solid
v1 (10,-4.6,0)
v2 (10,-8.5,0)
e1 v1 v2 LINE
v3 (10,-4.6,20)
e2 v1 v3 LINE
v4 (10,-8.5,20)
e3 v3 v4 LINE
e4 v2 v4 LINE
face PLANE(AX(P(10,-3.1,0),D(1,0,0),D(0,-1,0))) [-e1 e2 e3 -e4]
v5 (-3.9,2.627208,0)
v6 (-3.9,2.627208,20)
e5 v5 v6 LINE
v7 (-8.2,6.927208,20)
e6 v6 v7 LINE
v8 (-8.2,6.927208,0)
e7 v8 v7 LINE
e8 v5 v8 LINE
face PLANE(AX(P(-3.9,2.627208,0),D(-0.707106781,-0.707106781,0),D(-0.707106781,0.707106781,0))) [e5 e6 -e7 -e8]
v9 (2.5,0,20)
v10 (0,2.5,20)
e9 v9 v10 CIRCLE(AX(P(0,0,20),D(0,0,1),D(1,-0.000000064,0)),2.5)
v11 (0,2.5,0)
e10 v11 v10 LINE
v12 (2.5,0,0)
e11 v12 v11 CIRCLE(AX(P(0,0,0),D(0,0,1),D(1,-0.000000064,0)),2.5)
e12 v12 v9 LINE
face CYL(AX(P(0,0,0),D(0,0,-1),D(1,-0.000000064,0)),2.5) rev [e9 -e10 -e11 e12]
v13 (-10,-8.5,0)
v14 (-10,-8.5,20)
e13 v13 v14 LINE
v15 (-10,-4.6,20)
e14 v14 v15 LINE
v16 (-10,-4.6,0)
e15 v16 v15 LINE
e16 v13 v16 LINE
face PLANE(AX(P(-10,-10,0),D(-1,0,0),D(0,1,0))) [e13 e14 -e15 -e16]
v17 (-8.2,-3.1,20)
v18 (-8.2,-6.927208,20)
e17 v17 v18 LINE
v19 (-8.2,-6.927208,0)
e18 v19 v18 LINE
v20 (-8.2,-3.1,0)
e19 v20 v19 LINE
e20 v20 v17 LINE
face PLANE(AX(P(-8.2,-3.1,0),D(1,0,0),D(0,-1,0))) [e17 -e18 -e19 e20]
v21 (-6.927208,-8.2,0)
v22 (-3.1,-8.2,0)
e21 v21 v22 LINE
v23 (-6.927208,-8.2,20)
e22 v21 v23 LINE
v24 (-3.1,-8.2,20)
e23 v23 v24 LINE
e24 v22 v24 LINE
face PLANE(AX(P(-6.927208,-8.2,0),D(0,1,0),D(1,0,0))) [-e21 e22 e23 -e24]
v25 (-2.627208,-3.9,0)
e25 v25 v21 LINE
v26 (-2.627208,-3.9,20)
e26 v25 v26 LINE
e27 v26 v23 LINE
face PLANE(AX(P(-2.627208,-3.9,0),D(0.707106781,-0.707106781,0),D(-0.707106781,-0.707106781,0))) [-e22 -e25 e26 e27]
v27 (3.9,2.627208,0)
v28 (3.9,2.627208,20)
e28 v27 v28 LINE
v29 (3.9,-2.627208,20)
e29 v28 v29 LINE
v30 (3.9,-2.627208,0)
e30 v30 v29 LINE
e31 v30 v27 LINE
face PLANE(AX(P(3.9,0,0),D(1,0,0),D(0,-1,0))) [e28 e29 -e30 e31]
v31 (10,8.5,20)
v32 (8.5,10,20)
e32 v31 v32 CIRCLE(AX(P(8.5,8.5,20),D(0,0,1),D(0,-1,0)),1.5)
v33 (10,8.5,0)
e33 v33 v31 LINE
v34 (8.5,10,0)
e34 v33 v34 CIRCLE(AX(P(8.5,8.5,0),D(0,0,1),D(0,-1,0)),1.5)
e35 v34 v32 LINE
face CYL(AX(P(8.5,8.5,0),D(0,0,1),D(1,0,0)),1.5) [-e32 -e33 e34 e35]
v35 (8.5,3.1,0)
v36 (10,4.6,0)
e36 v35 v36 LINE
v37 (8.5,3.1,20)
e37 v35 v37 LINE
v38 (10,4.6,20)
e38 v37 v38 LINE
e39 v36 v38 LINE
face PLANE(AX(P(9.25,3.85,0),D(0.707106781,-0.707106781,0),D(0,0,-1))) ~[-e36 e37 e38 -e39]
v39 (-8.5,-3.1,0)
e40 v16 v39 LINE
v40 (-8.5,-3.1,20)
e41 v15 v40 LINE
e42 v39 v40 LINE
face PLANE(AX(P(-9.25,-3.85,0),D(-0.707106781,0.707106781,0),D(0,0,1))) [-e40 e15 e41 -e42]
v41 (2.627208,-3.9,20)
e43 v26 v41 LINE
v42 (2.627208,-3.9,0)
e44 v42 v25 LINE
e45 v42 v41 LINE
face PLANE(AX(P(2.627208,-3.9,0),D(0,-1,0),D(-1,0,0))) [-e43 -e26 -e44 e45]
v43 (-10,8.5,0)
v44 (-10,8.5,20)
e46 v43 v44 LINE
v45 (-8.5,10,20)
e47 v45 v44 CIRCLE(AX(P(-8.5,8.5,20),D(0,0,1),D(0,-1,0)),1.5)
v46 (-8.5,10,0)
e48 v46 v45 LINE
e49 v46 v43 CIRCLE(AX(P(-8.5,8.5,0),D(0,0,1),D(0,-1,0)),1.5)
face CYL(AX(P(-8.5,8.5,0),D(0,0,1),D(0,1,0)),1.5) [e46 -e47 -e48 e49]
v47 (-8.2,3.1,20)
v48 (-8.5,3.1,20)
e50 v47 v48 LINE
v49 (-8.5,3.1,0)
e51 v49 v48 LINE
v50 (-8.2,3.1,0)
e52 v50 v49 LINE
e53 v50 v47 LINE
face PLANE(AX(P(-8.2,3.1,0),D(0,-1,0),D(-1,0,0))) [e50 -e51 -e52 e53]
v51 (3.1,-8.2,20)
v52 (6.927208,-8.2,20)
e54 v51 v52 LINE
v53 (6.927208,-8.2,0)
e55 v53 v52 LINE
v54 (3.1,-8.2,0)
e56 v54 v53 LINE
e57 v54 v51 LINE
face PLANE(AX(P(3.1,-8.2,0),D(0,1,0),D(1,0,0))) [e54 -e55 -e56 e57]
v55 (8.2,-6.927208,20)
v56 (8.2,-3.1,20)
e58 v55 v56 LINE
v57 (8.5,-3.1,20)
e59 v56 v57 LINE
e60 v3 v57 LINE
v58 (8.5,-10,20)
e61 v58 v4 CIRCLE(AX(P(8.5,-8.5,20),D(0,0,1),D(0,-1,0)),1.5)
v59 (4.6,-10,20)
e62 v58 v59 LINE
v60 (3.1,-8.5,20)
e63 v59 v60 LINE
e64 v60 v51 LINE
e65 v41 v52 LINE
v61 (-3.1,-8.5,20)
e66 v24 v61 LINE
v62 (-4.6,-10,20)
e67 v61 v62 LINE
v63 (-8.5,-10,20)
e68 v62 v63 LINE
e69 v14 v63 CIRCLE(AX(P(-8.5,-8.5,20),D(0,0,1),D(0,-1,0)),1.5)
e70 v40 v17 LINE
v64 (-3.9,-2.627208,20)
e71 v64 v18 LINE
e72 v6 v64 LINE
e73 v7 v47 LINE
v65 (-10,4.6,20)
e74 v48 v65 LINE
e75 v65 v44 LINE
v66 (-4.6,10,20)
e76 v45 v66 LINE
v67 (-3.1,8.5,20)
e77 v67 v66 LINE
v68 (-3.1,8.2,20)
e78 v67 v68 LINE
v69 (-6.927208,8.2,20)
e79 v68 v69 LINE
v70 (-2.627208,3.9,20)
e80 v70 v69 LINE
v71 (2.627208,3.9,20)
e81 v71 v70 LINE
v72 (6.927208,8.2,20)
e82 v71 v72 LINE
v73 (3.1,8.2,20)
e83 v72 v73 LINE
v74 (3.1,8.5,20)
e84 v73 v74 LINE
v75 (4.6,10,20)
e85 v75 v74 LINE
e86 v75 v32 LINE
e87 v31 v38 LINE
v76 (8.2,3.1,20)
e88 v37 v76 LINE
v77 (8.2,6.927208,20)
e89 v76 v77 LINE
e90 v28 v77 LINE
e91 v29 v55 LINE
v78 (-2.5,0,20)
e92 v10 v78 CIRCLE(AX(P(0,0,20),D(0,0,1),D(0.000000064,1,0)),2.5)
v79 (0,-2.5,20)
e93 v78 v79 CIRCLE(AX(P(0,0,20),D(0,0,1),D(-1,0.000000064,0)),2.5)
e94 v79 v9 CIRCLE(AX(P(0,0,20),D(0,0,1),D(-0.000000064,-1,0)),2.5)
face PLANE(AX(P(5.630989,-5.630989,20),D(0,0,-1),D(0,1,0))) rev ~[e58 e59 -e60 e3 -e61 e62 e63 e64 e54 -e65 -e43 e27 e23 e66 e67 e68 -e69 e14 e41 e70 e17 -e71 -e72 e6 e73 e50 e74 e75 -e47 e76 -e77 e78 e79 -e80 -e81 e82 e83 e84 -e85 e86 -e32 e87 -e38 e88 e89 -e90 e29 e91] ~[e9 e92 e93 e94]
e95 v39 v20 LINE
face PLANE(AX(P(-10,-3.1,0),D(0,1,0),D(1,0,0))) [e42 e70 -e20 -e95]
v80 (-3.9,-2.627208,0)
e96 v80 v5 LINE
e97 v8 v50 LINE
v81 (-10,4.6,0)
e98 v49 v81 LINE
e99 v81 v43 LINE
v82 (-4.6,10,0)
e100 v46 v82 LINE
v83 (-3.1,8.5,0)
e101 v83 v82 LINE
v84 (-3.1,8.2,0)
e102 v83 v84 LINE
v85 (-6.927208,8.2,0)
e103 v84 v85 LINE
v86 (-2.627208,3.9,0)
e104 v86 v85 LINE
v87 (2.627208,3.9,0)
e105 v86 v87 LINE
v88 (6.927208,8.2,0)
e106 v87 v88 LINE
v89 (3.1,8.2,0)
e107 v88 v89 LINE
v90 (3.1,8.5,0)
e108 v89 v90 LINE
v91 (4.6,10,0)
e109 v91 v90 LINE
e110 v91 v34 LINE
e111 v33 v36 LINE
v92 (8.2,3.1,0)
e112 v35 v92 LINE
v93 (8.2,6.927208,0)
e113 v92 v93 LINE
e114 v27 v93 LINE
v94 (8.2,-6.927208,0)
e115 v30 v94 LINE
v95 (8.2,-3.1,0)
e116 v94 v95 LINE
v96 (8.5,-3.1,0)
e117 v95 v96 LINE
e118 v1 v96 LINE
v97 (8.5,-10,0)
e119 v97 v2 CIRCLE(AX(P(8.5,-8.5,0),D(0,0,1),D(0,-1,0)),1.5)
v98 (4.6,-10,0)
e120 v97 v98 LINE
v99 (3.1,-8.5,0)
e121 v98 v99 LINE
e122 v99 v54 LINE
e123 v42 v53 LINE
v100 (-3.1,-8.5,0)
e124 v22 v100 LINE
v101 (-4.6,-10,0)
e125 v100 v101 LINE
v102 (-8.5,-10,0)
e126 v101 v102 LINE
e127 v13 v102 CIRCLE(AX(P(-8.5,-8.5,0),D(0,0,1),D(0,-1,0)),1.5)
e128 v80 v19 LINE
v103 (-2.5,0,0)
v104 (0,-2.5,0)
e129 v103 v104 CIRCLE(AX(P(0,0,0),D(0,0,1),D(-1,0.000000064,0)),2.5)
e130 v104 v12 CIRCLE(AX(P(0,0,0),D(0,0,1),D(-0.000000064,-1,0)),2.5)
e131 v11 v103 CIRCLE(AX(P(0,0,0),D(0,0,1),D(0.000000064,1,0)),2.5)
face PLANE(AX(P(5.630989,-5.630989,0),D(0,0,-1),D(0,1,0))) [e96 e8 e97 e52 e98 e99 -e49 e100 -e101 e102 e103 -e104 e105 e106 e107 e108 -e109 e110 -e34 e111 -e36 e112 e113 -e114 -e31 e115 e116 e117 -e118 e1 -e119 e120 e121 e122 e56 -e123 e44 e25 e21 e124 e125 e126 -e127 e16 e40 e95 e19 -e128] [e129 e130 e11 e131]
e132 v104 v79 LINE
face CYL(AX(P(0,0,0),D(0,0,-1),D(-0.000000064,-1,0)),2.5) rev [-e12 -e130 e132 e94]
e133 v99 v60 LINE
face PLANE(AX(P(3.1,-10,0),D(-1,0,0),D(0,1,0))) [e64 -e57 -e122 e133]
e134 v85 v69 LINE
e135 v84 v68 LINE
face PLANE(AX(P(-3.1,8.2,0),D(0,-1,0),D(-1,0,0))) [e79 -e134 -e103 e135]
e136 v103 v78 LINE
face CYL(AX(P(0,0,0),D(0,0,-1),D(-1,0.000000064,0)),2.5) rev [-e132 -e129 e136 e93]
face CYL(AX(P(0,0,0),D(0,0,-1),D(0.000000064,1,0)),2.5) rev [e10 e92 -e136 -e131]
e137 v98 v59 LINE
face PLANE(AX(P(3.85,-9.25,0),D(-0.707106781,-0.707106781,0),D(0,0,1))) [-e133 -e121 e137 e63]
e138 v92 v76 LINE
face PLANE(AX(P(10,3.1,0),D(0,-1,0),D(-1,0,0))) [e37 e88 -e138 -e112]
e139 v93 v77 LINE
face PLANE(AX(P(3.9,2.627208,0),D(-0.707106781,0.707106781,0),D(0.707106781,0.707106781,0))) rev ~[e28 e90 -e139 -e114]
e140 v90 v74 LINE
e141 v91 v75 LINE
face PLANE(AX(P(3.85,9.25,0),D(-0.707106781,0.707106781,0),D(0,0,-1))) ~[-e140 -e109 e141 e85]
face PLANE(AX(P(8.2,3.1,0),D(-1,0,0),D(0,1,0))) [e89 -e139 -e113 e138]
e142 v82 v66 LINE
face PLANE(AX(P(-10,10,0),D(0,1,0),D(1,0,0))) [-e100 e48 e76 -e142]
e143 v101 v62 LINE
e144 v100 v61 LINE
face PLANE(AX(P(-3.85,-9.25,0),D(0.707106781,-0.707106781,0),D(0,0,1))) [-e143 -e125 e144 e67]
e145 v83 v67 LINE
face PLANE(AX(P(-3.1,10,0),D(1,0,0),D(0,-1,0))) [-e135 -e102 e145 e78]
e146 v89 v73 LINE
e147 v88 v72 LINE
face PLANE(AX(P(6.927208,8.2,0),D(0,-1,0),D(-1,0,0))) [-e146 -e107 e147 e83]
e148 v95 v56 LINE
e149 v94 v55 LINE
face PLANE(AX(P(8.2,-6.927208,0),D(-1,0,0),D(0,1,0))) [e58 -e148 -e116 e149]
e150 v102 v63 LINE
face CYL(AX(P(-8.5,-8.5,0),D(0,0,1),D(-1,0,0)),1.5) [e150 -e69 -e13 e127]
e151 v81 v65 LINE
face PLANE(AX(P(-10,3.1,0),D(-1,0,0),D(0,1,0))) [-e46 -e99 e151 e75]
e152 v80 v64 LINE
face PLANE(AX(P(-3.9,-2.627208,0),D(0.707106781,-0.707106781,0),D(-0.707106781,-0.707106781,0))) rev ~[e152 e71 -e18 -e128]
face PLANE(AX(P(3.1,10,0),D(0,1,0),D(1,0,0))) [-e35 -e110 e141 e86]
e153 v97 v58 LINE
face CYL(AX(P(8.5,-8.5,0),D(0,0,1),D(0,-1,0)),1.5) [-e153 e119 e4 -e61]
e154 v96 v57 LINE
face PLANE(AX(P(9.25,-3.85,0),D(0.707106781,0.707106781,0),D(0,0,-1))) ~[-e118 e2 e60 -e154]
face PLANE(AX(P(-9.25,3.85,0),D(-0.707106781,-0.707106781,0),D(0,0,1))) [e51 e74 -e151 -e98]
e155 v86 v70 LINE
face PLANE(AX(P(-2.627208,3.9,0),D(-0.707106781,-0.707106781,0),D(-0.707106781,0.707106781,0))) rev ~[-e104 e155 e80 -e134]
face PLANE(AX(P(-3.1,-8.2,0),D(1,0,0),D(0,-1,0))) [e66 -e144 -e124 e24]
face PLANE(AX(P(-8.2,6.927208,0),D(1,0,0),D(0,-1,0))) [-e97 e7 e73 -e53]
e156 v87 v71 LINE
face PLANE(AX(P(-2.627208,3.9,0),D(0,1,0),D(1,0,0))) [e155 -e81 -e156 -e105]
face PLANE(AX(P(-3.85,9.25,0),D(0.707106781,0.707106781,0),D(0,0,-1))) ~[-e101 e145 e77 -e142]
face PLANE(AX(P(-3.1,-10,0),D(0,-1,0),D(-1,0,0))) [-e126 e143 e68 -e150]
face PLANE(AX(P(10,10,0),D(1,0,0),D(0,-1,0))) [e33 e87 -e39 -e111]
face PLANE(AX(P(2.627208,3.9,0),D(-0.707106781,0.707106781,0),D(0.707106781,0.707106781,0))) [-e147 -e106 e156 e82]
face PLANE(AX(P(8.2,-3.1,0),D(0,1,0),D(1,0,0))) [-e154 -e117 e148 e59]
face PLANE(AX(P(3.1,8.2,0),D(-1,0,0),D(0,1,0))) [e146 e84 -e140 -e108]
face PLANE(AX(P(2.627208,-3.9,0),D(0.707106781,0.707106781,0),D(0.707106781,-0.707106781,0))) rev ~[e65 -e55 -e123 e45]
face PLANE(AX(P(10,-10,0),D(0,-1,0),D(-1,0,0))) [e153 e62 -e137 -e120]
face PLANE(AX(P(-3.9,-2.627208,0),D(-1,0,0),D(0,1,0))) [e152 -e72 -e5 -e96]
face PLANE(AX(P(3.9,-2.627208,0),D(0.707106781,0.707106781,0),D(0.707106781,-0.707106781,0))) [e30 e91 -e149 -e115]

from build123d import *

# Parameters (mm, degrees)
PAD_DEPTH            = 20
POLARPATTERN_COUNT   = 4
FILLET_R             = 1.5
CHAMFER_SIZE         = 1.5
BODY_PLACEMENT_ANGLE = 270


with BuildPart() as part:
    # Sketch → Pad (new body)
    with BuildSketch(Plane.XZ):
        with BuildLine():
            Line((0, 3.9), (2.627208, 3.9))
            Line((2.627208, 3.9), (6.927208, 8.2))
            Line((6.927208, 8.2), (3.1, 8.2))
            Line((3.1, 8.2), (3.1, 10))
            Line((3.1, 10), (10, 10))
            Line((10, 10), (10, 3.1))
            Line((10, 3.1), (8.2, 3.1))
            Line((8.2, 3.1), (8.2, 6.927208))
            Line((3.9, 2.627208), (8.2, 6.927208))
            Line((3.9, 2.627208), (3.9, 0))
            Line((2.5, 0), (3.9, 0))
            ThreePointArc((2.5, 0), (1.767767, 1.767767), (0, 2.5))
            Line((0, 3.9), (0, 2.5))
        make_face()
    pad = extrude(amount=PAD_DEPTH)

    # PolarPattern: Pad ×4 about axis
    polarpattern_axis = Axis((0, 0, 0), (0, -1, 0))
    for i in range(1, POLARPATTERN_COUNT):
        add(pad.rotate(polarpattern_axis, i * 360 / POLARPATTERN_COUNT))

    # Fillet
    fillet_edges = [part.edges().sort_by_distance(p)[0] for p in [
        (-10, -10, 10),
        (10, -10, 10),
        (10, -10, -10),
        (-10, -10, -10),
    ]]
    fillet(fillet_edges, radius=FILLET_R)

    # Chamfer
    chamfer_edges = [part.edges().sort_by_distance(p)[0] for p in [
        (3.1, -10, 10),
        (-3.1, -10, 10),
        (-10, -10, 3.1),
        (-10, -10, -3.1),
        (-3.1, -10, -10),
        (10, -10, -3.1),
        (3.1, -10, -10),
        (10, -10, 3.1),
    ]]
    chamfer(chamfer_edges, length=CHAMFER_SIZE)


with BuildPart() as part_1:
    # Body placement: moved
    add(part.part.rotate(Axis((0, 0, 0), (1, 0, 0)), BODY_PLACEMENT_ANGLE))


solid = part_1.part
